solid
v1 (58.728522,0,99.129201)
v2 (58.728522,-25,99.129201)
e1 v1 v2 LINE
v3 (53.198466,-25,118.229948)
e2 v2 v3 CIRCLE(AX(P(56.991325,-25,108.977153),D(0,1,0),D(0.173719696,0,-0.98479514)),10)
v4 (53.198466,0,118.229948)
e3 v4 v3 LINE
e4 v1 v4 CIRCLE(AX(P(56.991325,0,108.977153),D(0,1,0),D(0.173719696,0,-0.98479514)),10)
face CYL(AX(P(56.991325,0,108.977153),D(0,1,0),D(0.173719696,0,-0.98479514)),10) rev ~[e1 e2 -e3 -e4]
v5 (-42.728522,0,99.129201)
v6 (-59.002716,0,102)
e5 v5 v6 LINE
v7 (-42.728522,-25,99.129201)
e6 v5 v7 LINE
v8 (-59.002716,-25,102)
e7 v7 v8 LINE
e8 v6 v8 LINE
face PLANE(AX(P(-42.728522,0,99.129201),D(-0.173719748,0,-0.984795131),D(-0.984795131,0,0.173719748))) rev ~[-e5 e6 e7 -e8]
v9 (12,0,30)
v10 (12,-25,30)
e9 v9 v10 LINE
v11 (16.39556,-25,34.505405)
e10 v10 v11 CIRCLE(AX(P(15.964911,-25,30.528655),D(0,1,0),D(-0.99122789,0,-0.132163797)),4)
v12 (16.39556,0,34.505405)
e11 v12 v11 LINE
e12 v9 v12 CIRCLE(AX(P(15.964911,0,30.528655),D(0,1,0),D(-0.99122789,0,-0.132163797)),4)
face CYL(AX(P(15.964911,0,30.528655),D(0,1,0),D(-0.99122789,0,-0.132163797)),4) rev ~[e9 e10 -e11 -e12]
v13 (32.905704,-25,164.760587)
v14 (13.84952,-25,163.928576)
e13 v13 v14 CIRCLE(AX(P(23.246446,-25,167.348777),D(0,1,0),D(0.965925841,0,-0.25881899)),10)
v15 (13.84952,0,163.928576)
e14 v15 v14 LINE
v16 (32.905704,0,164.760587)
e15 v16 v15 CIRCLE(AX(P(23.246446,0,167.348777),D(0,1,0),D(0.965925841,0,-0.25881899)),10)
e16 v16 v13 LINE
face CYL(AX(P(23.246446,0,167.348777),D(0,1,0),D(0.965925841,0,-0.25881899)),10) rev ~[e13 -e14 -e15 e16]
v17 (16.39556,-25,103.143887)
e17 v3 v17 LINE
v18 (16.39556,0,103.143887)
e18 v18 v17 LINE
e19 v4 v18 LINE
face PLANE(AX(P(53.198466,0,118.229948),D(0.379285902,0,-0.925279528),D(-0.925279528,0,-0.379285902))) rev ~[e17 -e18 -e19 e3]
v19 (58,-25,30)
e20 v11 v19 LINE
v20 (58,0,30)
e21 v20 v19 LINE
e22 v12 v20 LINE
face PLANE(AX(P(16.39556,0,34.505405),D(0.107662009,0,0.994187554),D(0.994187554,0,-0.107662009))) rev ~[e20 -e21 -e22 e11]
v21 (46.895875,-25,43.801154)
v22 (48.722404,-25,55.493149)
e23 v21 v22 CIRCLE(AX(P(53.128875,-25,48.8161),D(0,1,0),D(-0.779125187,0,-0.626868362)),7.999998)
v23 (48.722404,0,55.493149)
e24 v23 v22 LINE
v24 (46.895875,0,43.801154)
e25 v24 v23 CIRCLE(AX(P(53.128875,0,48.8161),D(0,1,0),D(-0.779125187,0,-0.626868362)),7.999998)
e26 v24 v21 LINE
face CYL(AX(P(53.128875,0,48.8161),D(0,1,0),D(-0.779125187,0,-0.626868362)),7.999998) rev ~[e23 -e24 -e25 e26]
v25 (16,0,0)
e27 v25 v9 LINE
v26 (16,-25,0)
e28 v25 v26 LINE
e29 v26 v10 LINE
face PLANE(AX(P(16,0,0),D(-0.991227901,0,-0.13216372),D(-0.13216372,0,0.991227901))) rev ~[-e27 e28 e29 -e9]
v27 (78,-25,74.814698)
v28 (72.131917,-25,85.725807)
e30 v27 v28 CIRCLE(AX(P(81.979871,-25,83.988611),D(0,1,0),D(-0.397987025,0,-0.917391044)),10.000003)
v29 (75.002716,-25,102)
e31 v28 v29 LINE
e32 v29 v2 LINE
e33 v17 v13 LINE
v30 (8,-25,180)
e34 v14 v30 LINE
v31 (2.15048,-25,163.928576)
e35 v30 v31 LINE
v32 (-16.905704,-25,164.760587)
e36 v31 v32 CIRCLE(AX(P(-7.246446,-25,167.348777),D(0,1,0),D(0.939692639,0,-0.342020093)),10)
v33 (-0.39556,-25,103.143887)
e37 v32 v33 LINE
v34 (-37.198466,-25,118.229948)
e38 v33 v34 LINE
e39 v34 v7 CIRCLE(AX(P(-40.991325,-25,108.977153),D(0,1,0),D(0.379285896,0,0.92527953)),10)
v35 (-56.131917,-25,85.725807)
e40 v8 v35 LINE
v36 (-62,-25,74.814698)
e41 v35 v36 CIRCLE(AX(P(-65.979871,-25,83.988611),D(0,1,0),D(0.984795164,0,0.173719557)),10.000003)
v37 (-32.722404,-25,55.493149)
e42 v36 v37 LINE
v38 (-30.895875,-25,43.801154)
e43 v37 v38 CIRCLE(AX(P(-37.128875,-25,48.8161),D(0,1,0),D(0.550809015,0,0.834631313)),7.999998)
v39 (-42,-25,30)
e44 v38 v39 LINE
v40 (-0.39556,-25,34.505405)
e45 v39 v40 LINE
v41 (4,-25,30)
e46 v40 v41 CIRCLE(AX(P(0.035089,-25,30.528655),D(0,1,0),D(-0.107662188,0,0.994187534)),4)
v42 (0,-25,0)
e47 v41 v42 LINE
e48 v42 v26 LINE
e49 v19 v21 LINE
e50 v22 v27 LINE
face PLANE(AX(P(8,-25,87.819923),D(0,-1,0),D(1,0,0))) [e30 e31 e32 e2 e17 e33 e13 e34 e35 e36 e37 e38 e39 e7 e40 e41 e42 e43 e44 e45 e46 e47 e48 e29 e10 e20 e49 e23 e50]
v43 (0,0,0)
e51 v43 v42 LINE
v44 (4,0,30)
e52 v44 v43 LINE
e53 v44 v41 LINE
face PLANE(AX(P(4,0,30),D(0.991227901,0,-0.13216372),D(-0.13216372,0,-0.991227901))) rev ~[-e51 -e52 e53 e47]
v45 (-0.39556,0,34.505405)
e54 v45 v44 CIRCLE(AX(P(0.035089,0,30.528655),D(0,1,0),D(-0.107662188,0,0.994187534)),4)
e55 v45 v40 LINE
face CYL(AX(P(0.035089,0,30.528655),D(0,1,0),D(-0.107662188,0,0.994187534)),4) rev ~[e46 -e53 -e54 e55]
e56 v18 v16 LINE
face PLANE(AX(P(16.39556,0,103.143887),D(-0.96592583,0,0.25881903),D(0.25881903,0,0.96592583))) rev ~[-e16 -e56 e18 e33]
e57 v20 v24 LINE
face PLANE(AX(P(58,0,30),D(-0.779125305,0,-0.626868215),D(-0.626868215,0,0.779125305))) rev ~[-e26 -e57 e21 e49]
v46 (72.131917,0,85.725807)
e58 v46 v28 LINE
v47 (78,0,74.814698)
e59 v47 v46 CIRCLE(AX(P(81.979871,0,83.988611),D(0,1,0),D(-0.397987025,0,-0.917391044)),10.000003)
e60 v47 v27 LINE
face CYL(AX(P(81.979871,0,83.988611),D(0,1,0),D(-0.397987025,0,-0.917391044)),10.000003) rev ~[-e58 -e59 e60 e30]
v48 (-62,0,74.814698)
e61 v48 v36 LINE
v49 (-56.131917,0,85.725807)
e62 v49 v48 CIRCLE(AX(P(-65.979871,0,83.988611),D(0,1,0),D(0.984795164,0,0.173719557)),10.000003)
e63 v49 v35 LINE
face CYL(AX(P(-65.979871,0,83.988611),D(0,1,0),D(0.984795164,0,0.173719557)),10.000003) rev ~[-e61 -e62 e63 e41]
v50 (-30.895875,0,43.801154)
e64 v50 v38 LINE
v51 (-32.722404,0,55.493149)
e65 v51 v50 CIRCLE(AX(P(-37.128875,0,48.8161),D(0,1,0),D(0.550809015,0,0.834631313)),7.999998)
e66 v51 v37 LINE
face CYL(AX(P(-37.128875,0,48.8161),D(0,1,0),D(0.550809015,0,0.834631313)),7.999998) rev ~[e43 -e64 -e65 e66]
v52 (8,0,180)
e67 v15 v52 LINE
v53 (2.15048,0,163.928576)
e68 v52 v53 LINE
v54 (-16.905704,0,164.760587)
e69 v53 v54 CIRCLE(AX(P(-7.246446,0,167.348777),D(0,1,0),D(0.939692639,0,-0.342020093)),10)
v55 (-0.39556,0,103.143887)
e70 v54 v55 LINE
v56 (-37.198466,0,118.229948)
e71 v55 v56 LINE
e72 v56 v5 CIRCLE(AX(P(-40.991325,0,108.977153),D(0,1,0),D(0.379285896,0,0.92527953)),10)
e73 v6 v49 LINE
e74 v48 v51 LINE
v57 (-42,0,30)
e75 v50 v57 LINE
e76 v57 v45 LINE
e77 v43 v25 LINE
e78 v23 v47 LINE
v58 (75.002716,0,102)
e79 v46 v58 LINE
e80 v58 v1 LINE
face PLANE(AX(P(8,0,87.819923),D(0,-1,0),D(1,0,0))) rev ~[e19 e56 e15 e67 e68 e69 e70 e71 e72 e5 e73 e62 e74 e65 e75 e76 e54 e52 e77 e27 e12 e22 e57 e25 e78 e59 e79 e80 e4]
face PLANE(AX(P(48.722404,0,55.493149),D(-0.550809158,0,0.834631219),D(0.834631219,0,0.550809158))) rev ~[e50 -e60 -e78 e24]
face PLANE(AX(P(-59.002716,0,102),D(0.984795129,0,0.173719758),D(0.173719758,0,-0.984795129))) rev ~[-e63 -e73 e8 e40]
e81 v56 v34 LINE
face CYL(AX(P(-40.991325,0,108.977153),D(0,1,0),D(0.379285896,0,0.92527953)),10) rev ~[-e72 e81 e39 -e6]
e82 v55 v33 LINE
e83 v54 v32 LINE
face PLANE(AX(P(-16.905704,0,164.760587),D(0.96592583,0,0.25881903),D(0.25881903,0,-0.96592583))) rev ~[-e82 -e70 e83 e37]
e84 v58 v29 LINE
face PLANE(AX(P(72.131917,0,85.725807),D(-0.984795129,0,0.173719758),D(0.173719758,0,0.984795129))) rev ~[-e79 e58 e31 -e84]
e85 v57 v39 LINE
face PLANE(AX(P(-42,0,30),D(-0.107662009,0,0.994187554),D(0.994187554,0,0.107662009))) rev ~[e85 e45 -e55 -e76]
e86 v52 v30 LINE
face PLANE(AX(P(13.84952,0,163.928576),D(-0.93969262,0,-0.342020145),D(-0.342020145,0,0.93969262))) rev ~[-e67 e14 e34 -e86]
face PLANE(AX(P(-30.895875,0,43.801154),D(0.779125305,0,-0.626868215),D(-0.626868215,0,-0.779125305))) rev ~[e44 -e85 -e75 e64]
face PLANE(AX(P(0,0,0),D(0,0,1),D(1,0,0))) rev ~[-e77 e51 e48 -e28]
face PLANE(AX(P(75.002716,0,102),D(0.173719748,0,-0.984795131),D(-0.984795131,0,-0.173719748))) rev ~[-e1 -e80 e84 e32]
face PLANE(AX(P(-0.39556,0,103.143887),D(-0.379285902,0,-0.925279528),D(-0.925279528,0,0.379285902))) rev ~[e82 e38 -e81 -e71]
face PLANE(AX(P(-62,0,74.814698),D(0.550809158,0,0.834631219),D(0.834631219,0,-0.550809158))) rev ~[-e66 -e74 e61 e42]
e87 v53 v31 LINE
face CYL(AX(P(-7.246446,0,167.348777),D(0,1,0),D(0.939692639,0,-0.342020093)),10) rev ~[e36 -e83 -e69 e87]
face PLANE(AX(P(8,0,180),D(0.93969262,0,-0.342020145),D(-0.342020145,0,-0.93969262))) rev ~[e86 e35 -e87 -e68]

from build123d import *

# Parameters (mm, degrees)
F1_DEPTH = 25


with BuildPart() as f1:
    # F0 (on Front) → F1 (new body)
    with BuildSketch(Plane.XZ):
        with BuildLine():
            Line((4, 30), (0, 0))
            Line((0, 0), (16, 0))
            Line((16, 0), (12, 30))
            ThreePointArc((12, 30), (13.101797, 33.321964), (16.39556, 34.505405))
            Line((16.39556, 34.505405), (58, 30))
            Line((58, 30), (46.895875, 43.801154))
            ThreePointArc((46.895875, 43.801154), (45.224745, 50.050887), (48.722404, 55.493149))
            Line((48.722404, 55.493149), (78, 74.814698))
            ThreePointArc((78, 74.814698), (73.172757, 79.252073), (72.131917, 85.725807))
            Line((72.131917, 85.725807), (75.002716, 102))
            Line((75.002716, 102), (58.728522, 99.129201))
            ThreePointArc((58.728522, 99.129201), (47.385802, 106.196158), (53.198466, 118.229948))
            Line((53.198466, 118.229948), (16.39556, 103.143887))
            Line((16.39556, 103.143887), (32.905704, 164.760587))
            ThreePointArc((32.905704, 164.760587), (23.68264, 157.358295), (13.84952, 163.928576))
            Line((13.84952, 163.928576), (8, 180))
            Line((8, 180), (2.15048, 163.928576))
            ThreePointArc((2.15048, 163.928576), (-7.68264, 157.358295), (-16.905704, 164.760587))
            Line((-16.905704, 164.760587), (-0.39556, 103.143887))
            Line((-0.39556, 103.143887), (-37.198466, 118.229948))
            ThreePointArc((-37.198466, 118.229948), (-31.385802, 106.196158), (-42.728522, 99.129201))
            Line((-42.728522, 99.129201), (-59.002716, 102))
            Line((-59.002716, 102), (-56.131917, 85.725807))
            ThreePointArc((-56.131917, 85.725807), (-57.172757, 79.252073), (-62, 74.814698))
            Line((-62, 74.814698), (-32.722404, 55.493149))
            ThreePointArc((-32.722404, 55.493149), (-29.224745, 50.050887), (-30.895875, 43.801154))
            Line((-30.895875, 43.801154), (-42, 30))
            Line((-42, 30), (-0.39556, 34.505405))
            ThreePointArc((-0.39556, 34.505405), (2.898203, 33.321964), (4, 30))
        make_face()
    extrude(amount=F1_DEPTH)


solid = f1.part
